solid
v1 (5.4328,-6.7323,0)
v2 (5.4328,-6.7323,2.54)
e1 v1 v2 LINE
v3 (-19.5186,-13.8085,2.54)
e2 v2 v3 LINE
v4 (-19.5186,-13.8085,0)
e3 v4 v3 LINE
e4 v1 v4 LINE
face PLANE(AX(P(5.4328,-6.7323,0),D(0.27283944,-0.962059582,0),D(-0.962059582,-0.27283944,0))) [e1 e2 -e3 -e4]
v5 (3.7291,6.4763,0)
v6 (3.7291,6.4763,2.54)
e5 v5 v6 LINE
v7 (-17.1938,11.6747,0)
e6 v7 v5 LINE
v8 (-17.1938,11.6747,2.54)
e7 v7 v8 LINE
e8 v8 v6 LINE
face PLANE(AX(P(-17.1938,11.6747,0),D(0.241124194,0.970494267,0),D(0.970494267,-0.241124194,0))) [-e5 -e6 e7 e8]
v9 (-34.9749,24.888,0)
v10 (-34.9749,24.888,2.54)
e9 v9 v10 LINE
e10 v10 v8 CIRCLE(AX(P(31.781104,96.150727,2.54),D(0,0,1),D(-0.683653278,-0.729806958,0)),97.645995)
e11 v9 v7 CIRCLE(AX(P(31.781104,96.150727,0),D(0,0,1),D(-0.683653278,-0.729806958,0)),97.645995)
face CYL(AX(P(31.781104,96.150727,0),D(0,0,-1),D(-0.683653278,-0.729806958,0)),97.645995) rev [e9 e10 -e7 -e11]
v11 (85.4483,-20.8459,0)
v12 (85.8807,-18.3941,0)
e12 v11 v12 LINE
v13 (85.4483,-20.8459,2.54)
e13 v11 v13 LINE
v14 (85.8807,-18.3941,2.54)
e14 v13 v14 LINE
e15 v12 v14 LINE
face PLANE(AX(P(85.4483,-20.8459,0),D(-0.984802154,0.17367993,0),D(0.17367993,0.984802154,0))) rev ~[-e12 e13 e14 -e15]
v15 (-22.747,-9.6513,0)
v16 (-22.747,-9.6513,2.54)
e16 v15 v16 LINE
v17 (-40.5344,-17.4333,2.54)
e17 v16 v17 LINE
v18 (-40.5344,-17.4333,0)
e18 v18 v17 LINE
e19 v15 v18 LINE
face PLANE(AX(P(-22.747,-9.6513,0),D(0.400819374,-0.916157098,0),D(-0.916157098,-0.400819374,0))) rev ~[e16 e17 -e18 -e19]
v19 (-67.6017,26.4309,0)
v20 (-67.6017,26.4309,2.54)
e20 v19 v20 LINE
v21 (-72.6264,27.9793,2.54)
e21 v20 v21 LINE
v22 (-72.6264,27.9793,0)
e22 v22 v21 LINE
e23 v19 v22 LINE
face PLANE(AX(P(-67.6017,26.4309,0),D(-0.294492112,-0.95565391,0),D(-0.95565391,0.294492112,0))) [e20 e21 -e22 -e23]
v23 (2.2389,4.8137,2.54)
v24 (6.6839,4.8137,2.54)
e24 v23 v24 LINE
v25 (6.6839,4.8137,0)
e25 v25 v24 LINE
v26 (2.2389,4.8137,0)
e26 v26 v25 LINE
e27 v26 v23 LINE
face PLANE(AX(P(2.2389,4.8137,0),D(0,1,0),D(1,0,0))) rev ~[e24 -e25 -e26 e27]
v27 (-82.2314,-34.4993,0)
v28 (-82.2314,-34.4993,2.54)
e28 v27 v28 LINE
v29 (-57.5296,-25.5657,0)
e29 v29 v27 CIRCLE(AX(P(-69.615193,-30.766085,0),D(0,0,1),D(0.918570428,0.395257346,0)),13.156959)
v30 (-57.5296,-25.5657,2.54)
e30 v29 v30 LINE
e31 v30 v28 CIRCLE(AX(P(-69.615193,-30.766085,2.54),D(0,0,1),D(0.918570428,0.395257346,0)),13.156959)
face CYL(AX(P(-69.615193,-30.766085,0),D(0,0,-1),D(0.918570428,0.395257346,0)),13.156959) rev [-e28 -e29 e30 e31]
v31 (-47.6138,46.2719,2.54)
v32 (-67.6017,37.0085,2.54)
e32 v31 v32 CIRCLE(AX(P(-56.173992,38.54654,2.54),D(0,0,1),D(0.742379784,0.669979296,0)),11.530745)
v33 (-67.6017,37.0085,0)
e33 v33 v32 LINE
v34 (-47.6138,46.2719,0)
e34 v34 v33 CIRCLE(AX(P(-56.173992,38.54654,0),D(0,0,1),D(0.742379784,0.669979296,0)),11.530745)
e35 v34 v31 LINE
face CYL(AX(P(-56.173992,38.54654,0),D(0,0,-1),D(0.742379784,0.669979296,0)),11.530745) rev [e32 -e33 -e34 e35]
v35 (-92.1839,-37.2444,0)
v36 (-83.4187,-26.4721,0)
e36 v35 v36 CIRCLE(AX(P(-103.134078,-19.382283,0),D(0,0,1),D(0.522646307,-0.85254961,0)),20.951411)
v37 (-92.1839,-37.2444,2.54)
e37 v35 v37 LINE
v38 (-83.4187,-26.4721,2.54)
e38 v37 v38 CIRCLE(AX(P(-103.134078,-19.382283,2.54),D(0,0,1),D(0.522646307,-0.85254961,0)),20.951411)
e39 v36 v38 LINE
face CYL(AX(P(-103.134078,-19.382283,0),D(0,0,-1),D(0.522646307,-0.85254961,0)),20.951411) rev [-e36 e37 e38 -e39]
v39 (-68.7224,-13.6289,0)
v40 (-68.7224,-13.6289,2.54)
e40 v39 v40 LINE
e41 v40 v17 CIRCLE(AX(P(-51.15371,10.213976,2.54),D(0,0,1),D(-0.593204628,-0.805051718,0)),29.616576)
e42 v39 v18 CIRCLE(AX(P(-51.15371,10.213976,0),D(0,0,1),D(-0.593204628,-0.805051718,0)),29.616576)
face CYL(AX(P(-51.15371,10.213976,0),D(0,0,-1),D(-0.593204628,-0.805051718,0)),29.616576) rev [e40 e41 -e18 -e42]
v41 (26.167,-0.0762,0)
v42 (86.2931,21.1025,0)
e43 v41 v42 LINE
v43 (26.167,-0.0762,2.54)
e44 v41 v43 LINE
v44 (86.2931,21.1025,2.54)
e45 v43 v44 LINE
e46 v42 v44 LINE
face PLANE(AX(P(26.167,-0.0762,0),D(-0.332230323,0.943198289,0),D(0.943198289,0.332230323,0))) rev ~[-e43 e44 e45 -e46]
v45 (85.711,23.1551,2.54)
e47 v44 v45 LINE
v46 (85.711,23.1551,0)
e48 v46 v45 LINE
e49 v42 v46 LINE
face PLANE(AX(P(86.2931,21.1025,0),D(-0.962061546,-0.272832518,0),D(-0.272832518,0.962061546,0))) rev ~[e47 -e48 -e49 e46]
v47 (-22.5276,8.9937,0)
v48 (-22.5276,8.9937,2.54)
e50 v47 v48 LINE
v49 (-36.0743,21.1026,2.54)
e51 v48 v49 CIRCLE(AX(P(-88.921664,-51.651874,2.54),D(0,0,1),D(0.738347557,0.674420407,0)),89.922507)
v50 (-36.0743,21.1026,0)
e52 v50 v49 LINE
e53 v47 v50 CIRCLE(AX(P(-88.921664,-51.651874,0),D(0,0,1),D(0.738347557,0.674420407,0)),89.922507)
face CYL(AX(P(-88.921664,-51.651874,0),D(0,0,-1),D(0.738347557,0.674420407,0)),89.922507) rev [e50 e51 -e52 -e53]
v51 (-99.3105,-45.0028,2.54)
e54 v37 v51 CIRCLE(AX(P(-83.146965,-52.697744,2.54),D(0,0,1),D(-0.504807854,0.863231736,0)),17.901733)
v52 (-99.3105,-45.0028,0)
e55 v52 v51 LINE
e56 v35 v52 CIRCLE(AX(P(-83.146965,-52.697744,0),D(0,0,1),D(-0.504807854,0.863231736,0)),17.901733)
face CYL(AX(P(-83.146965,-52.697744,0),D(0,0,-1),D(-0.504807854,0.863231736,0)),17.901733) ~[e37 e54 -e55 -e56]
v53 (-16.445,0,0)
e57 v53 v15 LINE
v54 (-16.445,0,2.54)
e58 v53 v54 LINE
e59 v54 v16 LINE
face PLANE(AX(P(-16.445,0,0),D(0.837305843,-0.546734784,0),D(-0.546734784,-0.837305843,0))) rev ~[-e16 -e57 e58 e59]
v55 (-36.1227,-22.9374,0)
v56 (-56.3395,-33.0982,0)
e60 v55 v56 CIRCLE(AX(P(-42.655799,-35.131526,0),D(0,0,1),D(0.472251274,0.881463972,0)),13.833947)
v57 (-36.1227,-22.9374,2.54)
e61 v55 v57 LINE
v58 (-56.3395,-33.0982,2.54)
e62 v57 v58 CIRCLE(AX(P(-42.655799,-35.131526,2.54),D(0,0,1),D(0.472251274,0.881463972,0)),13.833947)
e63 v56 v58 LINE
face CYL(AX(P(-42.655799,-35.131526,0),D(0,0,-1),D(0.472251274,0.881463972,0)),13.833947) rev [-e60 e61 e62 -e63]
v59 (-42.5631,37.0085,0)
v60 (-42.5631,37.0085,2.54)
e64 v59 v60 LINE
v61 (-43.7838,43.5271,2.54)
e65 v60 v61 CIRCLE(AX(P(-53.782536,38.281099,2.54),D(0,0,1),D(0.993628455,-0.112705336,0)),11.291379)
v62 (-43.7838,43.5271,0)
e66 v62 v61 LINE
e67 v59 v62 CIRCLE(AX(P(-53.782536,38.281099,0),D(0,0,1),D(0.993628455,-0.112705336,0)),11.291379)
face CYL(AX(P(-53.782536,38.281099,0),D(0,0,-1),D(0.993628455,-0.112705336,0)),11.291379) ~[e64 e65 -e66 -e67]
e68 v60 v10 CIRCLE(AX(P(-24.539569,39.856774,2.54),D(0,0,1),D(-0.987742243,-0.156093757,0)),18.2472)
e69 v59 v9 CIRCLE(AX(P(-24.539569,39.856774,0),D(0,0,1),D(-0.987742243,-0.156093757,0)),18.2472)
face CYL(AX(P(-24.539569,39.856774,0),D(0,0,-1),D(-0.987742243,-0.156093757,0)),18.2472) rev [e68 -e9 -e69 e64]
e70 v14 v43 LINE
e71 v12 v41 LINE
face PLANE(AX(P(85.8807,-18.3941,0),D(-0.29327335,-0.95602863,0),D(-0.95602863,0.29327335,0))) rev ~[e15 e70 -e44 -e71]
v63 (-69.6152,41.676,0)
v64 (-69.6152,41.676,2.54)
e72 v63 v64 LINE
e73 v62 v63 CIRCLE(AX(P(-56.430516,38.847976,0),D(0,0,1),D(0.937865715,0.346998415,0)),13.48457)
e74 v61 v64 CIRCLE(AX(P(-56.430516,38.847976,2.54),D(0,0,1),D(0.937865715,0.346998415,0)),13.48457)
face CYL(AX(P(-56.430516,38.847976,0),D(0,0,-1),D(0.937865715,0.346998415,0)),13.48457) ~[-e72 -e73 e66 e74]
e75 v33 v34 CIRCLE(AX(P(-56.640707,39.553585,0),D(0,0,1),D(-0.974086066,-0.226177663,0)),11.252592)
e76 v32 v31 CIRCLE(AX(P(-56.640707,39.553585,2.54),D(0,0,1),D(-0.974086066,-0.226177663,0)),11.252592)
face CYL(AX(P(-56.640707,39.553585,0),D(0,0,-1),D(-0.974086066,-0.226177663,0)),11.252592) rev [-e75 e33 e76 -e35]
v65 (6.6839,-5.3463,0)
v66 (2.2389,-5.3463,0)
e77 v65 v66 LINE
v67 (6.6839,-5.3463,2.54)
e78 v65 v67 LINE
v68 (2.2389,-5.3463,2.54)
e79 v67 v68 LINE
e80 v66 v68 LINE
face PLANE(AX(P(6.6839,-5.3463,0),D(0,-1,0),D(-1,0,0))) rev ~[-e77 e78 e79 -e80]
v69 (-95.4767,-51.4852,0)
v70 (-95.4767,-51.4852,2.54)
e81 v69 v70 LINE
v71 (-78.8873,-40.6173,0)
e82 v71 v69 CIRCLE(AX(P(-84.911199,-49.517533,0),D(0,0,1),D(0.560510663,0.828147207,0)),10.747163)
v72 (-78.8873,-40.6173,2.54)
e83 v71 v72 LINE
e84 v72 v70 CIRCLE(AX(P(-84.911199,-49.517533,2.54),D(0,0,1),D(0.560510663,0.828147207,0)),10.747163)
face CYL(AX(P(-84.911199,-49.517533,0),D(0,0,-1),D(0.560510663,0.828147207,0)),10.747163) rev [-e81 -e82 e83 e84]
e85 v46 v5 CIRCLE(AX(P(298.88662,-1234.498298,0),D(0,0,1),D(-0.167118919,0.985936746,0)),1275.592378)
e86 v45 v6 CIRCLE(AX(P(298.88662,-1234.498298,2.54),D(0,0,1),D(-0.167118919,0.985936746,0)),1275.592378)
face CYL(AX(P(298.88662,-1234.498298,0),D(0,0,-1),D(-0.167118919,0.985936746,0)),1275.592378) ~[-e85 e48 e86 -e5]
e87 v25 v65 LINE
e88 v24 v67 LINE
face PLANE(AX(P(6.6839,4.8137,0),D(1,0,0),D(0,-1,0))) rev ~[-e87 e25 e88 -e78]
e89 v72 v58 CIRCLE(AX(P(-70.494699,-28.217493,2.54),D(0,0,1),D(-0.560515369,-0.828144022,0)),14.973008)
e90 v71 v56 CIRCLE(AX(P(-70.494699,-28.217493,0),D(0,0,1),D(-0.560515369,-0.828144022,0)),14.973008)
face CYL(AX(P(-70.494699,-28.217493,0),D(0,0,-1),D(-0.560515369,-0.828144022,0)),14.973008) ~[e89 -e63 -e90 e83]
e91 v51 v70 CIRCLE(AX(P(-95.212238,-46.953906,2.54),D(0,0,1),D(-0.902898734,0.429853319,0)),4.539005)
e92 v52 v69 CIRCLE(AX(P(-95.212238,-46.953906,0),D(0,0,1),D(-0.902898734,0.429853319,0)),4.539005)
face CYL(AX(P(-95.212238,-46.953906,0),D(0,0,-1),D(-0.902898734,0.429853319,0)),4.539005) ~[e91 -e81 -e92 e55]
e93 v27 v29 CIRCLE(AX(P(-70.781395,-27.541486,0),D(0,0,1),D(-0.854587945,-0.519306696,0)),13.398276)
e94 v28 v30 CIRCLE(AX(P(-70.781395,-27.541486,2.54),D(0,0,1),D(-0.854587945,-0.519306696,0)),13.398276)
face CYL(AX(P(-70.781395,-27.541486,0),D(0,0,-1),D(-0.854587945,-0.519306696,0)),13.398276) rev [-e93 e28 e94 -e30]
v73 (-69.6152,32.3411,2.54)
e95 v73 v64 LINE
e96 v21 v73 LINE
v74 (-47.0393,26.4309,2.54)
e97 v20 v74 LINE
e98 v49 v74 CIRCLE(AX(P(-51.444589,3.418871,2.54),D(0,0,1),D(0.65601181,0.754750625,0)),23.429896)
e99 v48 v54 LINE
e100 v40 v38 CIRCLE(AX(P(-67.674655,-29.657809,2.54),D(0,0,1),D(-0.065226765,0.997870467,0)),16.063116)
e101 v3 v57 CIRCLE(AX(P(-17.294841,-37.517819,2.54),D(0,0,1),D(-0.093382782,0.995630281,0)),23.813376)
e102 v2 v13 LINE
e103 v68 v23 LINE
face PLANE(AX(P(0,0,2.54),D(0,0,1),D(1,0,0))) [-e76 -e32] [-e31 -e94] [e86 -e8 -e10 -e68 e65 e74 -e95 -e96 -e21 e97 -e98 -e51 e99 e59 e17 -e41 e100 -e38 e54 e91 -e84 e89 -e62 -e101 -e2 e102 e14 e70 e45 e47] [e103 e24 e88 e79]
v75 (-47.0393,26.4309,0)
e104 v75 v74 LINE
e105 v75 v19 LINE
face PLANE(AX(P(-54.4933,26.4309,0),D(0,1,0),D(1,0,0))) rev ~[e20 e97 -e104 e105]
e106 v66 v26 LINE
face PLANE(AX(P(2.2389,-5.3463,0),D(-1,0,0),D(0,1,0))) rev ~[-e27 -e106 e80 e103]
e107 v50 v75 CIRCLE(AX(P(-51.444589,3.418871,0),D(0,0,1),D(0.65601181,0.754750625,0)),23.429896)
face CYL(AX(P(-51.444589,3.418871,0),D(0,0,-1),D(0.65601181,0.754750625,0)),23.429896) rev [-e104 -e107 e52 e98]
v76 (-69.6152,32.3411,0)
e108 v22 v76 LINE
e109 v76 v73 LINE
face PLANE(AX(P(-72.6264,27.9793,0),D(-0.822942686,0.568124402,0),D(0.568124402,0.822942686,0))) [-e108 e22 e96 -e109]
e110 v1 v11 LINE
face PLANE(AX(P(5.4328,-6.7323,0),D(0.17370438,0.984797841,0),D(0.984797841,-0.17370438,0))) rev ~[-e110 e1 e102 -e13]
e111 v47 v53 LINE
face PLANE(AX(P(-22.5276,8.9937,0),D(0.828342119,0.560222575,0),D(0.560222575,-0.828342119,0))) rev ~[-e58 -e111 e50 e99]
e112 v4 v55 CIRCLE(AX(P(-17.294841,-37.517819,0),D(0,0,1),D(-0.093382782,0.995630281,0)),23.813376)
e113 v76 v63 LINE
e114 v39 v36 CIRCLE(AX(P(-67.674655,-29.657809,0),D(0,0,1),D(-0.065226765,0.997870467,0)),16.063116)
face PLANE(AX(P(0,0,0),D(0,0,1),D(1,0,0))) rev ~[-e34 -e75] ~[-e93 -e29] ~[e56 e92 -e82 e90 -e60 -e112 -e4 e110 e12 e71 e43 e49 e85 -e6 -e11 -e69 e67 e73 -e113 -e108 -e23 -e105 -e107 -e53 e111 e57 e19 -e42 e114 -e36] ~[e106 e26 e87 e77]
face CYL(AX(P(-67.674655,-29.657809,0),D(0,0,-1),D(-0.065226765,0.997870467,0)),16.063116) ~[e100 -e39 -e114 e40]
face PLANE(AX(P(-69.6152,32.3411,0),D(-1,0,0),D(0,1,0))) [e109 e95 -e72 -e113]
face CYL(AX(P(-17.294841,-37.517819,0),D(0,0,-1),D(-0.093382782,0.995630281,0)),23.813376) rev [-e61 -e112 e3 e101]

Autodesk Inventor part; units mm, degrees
ref_plane "YZ Plane" through (0, 0, 0) normal (1, 0, 0) x (0, 1, 0)
ref_plane "XZ Plane" through (0, 0, 0) normal (0, 1, 0) x (-1, 0, 0)
ref_plane "XY Plane" through (0, 0, 0) normal (0, 0, 1) x (1, 0, 0)
sketch "Sketch1" plane through (0, 0, 0) normal (0, 0, 1) x (1, 0, 0)
  line L0 (-121.92, 53.34) -> (121.92, 53.34)
  line L1 (121.92, 53.34) -> (121.92, -53.34)
  line L2 (121.92, -53.34) -> (-121.92, -53.34)
  line L3 (-121.92, -53.34) -> (-121.92, 53.34)
  line L4 (-121.92, 53.34) -> (121.92, -53.34) construction
  line L5 (121.92, 53.34) -> (-121.92, -53.34) construction
  line L6 (99.0307, 67.3864) -> (98.1801, -71.8373) construction
  line L7 (98.1801, -71.8373) -> (-108.1272, -70.5768) construction
  line L8 (-108.1272, -70.5768) -> (-107.2765, 68.6469) construction
  line L9 (-107.2765, 68.6469) -> (99.0307, 67.3864) construction
  arc A0 (-78.8873, -40.6173) -> (-95.4767, -51.4852) centre (-84.9112, -49.5176) ccw
  arc A1 (-78.8873, -40.6173) -> (-56.3395, -33.0982) centre (-70.4947, -28.2175) ccw
  arc A2 (-36.1227, -22.9374) -> (-56.3395, -33.0982) centre (-42.6558, -35.1316) ccw
  arc A3 (-19.5186, -13.8085) -> (-36.1227, -22.9374) centre (-17.295, -37.5173) ccw
  arc A4 (-68.7224, -13.6289) -> (-40.5344, -17.4333) centre (-51.1537, 10.214) ccw
  arc A5 (-68.7224, -13.6289) -> (-83.4187, -26.4721) centre (-67.6747, -29.6577) ccw
  arc A6 (-92.1839, -37.2444) -> (-83.4187, -26.4721) centre (-103.1345, -19.3818) ccw
  arc A7 (-92.1839, -37.2444) -> (-99.3105, -45.0028) centre (-83.147, -52.6977) ccw
  arc A8 (-99.3105, -45.0028) -> (-95.4767, -51.4852) centre (-95.2121, -46.9539) ccw
  arc A9 (-82.2314, -34.4993) -> (-57.5296, -25.5657) centre (-70.7814, -27.5415) ccw
  arc A10 (-57.5296, -25.5657) -> (-82.2314, -34.4993) centre (-69.6152, -30.7661) ccw
  line L10 (5.4328, -6.7323) -> (-19.5186, -13.8085)
  line L11 (5.4328, -6.7323) -> (85.4483, -20.8459)
  line L12 (85.4483, -20.8459) -> (85.8807, -18.3941)
  line L13 (85.8807, -18.3941) -> (26.167, -0.0762)
  line L14 (26.167, -0.0762) -> (86.2931, 21.1025)
  line L15 (86.2931, 21.1025) -> (85.711, 23.1551)
  arc A11 (85.711, 23.1551) -> (3.7291, 6.4763) centre (298.902, -1234.5808) ccw
  line L16 (-54.4933, 26.4309) -> (-67.6017, 26.4309)
  line L17 (-67.6017, 26.4309) -> (-72.6264, 27.9793)
  line L18 (-72.6264, 27.9793) -> (-69.6152, 32.3411)
  line L19 (-69.6152, 32.3411) -> (-69.6152, 41.676)
  arc A12 (-43.7838, 43.5271) -> (-69.6152, 41.676) centre (-56.4305, 38.848) ccw
  arc A13 (-47.6138, 46.2719) -> (-67.6017, 37.0085) centre (-56.174, 38.5465) ccw
  arc A14 (-67.6017, 37.0085) -> (-47.6138, 46.2719) centre (-56.6407, 39.5536) ccw
  arc A15 (-42.5631, 37.0085) -> (-43.7838, 43.5271) centre (-53.7825, 38.2811) ccw
  arc A16 (-42.5631, 37.0085) -> (-34.9749, 24.888) centre (-24.5395, 39.8568) ccw
  line L20 (-54.4933, 26.4309) -> (-47.0393, 26.4309)
  arc A17 (-36.0743, 21.1026) -> (-47.0393, 26.4309) centre (-51.4449, 3.4184) ccw
  arc A18 (-22.5276, 8.9937) -> (-36.0743, 21.1026) centre (-88.9207, -51.6509) ccw
  arc A19 (-34.9749, 24.888) -> (-17.1938, 11.6747) centre (31.7815, 96.1512) ccw
  line L21 (-22.5276, 8.9937) -> (-16.445, 0)
  line L22 (-16.445, 0) -> (-22.747, -9.6513)
  line L23 (-22.747, -9.6513) -> (-40.5344, -17.4333)
  line L24 (-17.1938, 11.6747) -> (3.7291, 6.4763)
  line L25 (-16.445, 0) -> (3.7291, 6.4763)
  line L26 (5.4328, -6.7323) -> (26.167, -0.0762)
  line L27 (2.2389, 4.8137) -> (6.6839, 4.8137)
  line L28 (6.6839, 4.8137) -> (6.6839, -5.3463)
  line L29 (6.6839, -5.3463) -> (2.2389, -5.3463)
  line L30 (2.2389, -5.3463) -> (2.2389, 4.8137)
  line L31 (2.2389, 4.8137) -> (6.6839, -5.3463) construction
  line L32 (6.6839, 4.8137) -> (2.2389, -5.3463) construction
  point P0 (0, 0)
  point P1 (4.4614, -0.2663)
  dimension "d0" = 243.84
  dimension "d1" = 106.68
  dimension "d23" = 4.445
  dimension "d24" = 10.16
extrude "Extrusion2" add sketch "Sketch1" along normal blind 2.54 contours A0 A8 A7 A6 A5 A4 L23 L22 L25 A11 L15 L14 L26 L10 A3 A2 A1 | L26 L13 L12 L11 | L21 A18 A17 L20 L16 L17 L18 L19 A12 A15 A16 A19 L24 L25
properties part number "RTS Scissors"
